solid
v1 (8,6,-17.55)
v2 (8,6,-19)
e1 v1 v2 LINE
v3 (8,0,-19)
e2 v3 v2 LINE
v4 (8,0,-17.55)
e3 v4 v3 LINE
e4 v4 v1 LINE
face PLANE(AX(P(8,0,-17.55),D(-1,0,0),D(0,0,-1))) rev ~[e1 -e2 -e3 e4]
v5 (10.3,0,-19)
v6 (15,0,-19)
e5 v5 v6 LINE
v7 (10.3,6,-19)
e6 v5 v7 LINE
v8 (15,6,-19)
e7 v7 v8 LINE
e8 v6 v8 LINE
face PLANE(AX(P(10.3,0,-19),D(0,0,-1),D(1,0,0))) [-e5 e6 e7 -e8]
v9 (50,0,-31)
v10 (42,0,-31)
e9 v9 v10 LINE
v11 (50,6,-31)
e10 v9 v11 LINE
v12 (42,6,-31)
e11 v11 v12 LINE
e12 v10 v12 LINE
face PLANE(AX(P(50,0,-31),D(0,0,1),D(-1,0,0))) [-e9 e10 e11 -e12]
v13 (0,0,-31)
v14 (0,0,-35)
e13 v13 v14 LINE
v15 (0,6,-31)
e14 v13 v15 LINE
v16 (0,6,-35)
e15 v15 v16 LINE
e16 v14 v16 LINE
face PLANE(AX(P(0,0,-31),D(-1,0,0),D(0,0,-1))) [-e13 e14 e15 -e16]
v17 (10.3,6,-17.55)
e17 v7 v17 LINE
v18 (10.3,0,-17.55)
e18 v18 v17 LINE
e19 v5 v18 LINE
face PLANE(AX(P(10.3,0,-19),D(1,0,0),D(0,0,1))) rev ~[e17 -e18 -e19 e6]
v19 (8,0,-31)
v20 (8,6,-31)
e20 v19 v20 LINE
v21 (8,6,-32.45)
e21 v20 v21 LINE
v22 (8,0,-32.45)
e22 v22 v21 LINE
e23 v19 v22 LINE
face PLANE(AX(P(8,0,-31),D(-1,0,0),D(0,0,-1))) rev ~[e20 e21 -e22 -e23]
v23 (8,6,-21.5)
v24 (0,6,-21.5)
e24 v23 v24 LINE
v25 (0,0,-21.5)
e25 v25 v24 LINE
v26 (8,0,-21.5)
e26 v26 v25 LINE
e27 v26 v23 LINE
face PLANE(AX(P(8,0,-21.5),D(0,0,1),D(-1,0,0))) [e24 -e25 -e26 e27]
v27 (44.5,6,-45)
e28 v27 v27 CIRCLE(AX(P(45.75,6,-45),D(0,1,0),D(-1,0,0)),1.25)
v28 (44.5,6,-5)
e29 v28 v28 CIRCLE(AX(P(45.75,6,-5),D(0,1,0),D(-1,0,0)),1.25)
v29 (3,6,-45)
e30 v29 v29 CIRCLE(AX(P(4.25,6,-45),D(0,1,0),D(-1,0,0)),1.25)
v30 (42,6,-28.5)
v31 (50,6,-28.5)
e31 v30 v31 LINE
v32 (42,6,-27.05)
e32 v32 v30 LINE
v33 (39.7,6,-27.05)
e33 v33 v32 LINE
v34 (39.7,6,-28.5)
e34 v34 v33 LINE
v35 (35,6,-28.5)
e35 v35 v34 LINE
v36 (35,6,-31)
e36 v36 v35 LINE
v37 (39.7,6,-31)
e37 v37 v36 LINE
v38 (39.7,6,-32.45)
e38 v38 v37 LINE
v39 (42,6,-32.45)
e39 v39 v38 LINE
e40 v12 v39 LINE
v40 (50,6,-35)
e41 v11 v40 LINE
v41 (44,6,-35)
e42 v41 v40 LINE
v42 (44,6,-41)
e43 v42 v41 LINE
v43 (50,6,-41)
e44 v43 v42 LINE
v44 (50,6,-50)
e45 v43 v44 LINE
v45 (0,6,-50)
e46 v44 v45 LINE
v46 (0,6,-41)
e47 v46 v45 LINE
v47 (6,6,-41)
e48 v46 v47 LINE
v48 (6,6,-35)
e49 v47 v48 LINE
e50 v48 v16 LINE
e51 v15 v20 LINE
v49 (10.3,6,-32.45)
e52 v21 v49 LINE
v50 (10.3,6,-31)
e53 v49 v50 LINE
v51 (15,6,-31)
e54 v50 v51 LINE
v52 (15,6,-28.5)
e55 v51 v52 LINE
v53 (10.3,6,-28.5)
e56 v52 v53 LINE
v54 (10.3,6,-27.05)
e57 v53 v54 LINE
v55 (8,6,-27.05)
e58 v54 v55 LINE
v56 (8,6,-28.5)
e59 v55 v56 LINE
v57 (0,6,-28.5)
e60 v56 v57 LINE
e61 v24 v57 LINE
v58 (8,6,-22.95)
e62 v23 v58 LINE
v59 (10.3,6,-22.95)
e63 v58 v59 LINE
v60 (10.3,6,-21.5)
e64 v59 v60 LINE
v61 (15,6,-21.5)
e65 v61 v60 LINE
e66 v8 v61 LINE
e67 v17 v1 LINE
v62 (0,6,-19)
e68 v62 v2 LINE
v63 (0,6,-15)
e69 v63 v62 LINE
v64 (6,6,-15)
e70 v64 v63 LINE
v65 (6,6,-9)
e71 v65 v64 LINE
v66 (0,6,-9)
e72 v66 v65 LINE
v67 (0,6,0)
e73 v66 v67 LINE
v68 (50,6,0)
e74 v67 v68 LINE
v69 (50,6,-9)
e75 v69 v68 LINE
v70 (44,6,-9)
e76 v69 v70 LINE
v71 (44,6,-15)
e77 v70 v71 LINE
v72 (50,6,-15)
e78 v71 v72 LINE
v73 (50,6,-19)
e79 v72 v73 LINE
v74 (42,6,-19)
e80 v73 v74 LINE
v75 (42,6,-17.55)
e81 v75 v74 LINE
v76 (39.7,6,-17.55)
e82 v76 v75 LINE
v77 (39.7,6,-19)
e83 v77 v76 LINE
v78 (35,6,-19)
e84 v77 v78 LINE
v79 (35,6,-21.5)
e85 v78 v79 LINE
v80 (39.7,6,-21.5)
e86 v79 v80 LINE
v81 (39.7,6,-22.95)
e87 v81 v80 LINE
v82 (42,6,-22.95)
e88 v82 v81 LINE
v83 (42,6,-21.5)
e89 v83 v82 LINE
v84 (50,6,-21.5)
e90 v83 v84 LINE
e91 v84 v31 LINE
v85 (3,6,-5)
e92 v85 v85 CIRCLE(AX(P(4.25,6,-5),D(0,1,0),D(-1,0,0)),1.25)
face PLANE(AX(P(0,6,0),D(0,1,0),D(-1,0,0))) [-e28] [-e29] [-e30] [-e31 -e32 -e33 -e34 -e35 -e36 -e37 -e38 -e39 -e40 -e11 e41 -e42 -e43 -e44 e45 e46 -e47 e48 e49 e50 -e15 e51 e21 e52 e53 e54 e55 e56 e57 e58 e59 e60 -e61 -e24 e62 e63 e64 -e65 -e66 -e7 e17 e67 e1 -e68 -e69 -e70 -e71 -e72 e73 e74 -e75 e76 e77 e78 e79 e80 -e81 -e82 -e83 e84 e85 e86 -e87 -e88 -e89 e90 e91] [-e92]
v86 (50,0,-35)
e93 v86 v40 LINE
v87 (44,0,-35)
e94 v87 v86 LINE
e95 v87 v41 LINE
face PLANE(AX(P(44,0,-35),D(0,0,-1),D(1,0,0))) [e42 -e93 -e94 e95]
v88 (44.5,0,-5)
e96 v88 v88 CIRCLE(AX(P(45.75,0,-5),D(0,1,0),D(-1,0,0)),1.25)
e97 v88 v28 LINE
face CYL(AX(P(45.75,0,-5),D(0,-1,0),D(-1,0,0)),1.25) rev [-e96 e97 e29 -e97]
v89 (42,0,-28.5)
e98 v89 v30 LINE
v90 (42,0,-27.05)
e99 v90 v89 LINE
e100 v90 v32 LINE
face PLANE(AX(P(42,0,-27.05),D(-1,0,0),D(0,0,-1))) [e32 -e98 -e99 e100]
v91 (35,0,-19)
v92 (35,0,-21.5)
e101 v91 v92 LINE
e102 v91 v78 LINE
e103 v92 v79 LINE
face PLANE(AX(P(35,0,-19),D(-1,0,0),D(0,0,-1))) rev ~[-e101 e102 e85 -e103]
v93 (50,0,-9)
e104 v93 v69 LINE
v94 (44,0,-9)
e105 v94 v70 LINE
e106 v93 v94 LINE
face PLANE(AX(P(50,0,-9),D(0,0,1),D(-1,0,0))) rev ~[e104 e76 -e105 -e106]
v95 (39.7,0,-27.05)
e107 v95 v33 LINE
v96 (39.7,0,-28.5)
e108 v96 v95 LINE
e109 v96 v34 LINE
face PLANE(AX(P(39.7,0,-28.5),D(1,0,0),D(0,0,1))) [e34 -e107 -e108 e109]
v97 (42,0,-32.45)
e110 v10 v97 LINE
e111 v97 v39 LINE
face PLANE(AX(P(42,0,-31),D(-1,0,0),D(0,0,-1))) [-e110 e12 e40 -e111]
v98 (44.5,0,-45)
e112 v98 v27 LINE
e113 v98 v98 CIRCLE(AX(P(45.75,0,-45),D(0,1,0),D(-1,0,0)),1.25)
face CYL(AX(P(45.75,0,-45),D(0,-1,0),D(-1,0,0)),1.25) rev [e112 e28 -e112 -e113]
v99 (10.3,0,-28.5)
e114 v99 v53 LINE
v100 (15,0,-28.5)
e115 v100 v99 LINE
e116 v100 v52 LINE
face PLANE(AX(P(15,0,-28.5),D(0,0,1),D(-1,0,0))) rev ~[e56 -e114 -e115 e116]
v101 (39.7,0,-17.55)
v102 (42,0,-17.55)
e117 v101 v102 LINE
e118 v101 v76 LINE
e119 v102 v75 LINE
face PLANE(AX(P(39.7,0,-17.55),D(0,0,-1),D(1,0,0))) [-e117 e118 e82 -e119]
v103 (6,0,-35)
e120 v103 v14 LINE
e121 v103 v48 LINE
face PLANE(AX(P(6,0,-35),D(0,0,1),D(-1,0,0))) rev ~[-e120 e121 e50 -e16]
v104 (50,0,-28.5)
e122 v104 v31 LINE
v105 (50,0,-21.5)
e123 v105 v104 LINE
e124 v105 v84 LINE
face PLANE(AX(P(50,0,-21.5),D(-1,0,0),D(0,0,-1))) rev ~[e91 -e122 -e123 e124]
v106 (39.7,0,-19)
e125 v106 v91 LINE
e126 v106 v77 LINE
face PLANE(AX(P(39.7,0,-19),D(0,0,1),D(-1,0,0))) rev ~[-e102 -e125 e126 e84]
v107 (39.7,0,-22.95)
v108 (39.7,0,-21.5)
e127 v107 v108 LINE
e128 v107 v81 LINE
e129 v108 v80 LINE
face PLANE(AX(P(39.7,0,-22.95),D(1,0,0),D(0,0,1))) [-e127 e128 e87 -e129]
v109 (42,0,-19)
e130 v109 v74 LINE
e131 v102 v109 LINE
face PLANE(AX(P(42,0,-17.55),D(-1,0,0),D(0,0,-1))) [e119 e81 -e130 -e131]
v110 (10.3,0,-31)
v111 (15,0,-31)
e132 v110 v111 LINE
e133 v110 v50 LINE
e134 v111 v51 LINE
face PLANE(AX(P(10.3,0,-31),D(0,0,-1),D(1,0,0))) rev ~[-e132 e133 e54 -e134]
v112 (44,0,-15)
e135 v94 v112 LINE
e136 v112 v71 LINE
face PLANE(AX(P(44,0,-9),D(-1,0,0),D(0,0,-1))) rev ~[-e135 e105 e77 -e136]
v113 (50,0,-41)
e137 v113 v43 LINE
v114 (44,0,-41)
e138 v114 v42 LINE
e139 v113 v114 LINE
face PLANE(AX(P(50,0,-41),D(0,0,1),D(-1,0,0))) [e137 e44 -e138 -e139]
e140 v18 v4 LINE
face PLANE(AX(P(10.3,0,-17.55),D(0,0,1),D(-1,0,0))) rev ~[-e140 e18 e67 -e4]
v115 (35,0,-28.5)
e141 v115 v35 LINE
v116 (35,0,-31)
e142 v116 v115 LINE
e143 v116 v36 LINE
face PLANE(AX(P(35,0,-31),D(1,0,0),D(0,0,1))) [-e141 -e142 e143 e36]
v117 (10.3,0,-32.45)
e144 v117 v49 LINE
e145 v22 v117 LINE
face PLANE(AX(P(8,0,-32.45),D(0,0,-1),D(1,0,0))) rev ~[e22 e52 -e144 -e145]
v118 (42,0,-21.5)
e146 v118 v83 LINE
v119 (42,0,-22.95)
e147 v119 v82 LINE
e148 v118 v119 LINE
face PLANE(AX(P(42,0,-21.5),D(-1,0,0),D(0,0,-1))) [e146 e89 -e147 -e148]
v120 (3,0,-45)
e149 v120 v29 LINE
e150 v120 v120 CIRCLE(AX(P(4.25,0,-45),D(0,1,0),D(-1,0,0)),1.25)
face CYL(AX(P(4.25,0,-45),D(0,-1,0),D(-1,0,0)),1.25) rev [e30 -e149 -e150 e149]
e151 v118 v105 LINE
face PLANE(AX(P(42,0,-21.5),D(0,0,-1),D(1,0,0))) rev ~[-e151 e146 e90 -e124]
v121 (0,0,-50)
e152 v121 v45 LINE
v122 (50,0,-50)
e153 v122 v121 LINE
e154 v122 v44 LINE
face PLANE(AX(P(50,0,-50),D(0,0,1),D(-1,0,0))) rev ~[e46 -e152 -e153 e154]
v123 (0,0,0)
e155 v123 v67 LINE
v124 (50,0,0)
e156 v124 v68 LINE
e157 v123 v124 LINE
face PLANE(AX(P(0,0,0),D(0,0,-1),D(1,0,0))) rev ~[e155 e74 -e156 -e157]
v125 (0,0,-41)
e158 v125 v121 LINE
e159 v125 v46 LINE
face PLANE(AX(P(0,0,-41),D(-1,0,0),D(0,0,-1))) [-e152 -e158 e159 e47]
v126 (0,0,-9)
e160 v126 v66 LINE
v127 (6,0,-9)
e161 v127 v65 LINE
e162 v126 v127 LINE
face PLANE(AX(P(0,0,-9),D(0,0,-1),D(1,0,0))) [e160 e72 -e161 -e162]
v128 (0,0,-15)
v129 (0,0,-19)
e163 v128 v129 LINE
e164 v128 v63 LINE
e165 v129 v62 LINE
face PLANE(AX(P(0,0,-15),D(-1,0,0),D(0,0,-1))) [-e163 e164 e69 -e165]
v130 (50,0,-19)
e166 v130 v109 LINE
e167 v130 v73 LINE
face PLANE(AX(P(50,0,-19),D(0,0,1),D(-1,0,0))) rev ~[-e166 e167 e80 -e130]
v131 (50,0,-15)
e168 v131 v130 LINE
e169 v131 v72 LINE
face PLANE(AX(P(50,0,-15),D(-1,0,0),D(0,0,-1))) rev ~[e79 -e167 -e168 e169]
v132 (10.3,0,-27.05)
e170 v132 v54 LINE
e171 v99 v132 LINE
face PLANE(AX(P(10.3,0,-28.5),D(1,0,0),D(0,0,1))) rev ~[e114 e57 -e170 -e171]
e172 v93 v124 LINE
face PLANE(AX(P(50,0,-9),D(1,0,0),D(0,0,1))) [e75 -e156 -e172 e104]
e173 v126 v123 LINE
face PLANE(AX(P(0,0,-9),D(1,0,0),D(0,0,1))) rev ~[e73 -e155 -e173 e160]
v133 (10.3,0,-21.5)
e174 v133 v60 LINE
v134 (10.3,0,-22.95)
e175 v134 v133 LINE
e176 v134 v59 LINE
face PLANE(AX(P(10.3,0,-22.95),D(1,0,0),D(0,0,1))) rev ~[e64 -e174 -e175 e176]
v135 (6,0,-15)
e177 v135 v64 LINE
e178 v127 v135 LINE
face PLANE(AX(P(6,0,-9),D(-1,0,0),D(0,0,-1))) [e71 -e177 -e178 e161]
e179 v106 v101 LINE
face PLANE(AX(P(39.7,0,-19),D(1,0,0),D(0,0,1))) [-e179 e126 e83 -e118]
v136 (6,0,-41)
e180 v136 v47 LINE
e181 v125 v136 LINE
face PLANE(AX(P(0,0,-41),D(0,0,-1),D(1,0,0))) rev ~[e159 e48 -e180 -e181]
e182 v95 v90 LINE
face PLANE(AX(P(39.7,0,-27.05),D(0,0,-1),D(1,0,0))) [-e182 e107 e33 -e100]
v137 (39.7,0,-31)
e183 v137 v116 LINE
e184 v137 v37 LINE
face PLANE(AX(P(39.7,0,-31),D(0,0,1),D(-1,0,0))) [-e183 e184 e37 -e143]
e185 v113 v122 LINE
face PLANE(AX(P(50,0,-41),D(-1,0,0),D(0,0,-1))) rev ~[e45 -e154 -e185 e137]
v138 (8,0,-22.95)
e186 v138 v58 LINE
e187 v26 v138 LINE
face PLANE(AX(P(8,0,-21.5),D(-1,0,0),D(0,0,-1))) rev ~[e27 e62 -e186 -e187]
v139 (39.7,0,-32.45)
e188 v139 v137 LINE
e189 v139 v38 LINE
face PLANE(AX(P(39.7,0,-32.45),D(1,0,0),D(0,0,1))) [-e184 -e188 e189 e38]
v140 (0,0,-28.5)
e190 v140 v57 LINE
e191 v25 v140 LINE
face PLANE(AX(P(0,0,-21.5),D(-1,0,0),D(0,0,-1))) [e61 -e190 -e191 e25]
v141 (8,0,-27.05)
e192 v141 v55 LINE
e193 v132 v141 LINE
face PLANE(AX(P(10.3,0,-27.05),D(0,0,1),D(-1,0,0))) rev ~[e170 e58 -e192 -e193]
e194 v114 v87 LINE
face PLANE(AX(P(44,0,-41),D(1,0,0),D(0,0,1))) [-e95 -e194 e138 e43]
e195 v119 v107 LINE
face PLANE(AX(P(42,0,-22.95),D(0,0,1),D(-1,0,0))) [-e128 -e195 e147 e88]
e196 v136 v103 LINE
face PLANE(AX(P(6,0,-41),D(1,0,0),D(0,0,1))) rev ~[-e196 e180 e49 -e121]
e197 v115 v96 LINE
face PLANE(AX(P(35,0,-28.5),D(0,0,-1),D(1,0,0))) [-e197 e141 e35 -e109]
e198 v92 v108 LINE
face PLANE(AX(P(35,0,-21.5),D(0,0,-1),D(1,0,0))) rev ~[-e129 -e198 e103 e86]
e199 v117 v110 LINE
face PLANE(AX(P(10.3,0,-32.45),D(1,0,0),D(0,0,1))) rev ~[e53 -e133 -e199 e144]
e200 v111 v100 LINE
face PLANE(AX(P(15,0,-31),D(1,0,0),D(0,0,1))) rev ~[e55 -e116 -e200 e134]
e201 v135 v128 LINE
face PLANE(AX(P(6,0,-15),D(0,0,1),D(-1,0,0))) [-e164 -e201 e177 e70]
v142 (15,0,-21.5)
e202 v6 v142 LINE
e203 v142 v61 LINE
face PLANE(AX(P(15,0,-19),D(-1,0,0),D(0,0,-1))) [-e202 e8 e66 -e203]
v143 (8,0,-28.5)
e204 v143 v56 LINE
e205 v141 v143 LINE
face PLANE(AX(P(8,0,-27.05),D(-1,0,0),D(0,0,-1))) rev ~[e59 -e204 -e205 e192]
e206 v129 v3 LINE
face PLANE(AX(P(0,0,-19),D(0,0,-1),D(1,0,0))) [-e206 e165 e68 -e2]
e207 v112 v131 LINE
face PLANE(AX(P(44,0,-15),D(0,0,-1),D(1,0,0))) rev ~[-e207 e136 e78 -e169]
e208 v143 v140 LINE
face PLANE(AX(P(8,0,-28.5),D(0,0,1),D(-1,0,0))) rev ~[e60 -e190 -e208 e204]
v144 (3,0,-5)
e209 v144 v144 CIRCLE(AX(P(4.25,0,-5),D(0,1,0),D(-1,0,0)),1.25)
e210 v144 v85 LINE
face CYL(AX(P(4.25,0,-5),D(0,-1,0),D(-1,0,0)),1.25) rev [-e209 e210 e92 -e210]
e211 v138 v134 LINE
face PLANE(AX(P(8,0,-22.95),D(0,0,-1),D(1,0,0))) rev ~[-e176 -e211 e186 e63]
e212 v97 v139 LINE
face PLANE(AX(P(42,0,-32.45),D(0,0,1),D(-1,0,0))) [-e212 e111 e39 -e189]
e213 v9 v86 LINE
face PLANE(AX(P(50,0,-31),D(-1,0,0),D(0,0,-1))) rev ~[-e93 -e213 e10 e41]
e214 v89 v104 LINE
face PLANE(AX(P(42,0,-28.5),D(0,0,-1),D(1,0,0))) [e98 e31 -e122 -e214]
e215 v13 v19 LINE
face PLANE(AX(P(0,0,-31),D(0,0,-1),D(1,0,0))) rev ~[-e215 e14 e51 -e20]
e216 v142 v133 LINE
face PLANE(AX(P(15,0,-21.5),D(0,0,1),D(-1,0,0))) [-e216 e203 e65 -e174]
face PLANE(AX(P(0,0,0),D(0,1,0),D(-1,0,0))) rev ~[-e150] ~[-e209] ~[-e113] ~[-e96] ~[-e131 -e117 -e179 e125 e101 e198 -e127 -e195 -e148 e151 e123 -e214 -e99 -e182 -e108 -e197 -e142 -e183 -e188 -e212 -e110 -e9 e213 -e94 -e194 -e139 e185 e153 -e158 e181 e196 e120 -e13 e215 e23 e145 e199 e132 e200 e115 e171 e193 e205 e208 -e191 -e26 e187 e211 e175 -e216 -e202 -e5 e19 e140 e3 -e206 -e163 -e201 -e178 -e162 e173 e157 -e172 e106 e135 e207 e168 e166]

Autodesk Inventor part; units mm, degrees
ref_plane "YZ Plane" through (0, 0, 0) normal (1, 0, 0) x (0, 1, 0)
ref_plane "XZ Plane" through (0, 0, 0) normal (0, 1, 0) x (-1, 0, 0)
ref_plane "XY Plane" through (0, 0, 0) normal (0, 0, 1) x (1, 0, 0)
sketch "Sketch1" plane through (0, 0, 0) normal (0, 1, 0) x (-1, 0, 0)
  line L0 (0, 0) -> (-50, 0)
  line L1 (-50, -50) -> (0, -50)
  line L2 (-50, -41) -> (-44, -41)
  line L3 (-44, -41) -> (-44, -35)
  line L4 (-44, -35) -> (-50, -35)
  line L5 (-50, -35) -> (-50, -41) construction
  line L6 (-50, -9) -> (-44, -9)
  line L7 (-44, -9) -> (-44, -15)
  line L8 (-44, -15) -> (-50, -15)
  line L9 (-50, -15) -> (-50, -9) construction
  line L10 (-25, 0) -> (-25, -50) construction
  line L11 (-50, -9) -> (-50, 0)
  line L12 (-50, -15) -> (-50, -19)
  line L13 (-50, -41) -> (-50, -50)
  circle A0 centre (-45.75, -5) radius 1.25
  circle A1 centre (-45.75, -45) radius 1.25
  line L14 (-50, -31) -> (-42, -31)
  line L15 (-35, -31) -> (-35, -28.5)
  line L16 (-35, -28.5) -> (-39.7, -28.5)
  line L17 (-50, -19) -> (-42, -19)
  line L18 (-35, -19) -> (-35, -21.5)
  line L19 (-35, -21.5) -> (-39.7, -21.5)
  line L20 (-50, -31) -> (-50, -35)
  line L21 (-50, -28.5) -> (-50, -31) construction
  line L22 (-50, -21.5) -> (-50, -28.5)
  line L23 (-50, -19) -> (-50, -21.5) construction
  line L24 (-42, -32.45) -> (-39.7, -32.45)
  line L25 (-39.7, -32.45) -> (-39.7, -31)
  line L26 (-39.7, -27.05) -> (-42, -27.05)
  line L27 (-42, -27.05) -> (-42, -28.5)
  line L28 (-42, -31) -> (-42, -32.45)
  line L29 (-42, -28.5) -> (-42, -31) construction
  line L30 (-42, -22.95) -> (-39.7, -22.95)
  line L31 (-39.7, -22.95) -> (-39.7, -21.5)
  line L32 (-39.7, -17.55) -> (-42, -17.55)
  line L33 (-42, -17.55) -> (-42, -19)
  line L34 (-42, -21.5) -> (-42, -22.95)
  line L35 (-42, -19) -> (-42, -21.5) construction
  line L36 (-39.7, -28.5) -> (-39.7, -27.05)
  line L37 (-39.7, -31) -> (-39.7, -28.5) construction
  line L38 (-39.7, -21.5) -> (-39.7, -19) construction
  line L39 (-39.7, -19) -> (-39.7, -17.55)
  line L40 (-42, -31) -> (-39.7, -31) construction
  line L41 (-39.7, -31) -> (-35, -31)
  line L42 (-42, -28.5) -> (-50, -28.5)
  line L43 (-39.7, -28.5) -> (-42, -28.5) construction
  line L44 (-42, -21.5) -> (-50, -21.5)
  line L45 (-39.7, -21.5) -> (-42, -21.5) construction
  line L46 (-42, -19) -> (-39.7, -19) construction
  line L47 (-39.7, -19) -> (-35, -19)
  line L48 (0, -41) -> (-6, -41)
  line L49 (-6, -41) -> (-6, -35)
  line L50 (-6, -35) -> (0, -35)
  line L51 (0, -35) -> (0, -41) construction
  line L52 (0, -9) -> (-6, -9)
  line L53 (-6, -9) -> (-6, -15)
  line L54 (-6, -15) -> (0, -15)
  line L55 (0, -15) -> (0, -9) construction
  line L56 (0, -9) -> (0, 0)
  line L57 (0, -15) -> (0, -19)
  line L58 (0, -41) -> (0, -50)
  circle A2 centre (-4.25, -5) radius 1.25
  circle A3 centre (-4.25, -45) radius 1.25
  line L59 (0, -31) -> (-8, -31)
  line L60 (-15, -31) -> (-15, -28.5)
  line L61 (-15, -28.5) -> (-10.3, -28.5)
  line L62 (0, -19) -> (-8, -19)
  line L63 (-15, -19) -> (-15, -21.5)
  line L64 (-15, -21.5) -> (-10.3, -21.5)
  line L65 (0, -31) -> (0, -35)
  line L66 (0, -28.5) -> (0, -31) construction
  line L67 (0, -21.5) -> (0, -28.5)
  line L68 (0, -19) -> (0, -21.5) construction
  line L69 (-8, -32.45) -> (-10.3, -32.45)
  line L70 (-10.3, -32.45) -> (-10.3, -31)
  line L71 (-10.3, -27.05) -> (-8, -27.05)
  line L72 (-8, -27.05) -> (-8, -28.5)
  line L73 (-8, -31) -> (-8, -32.45)
  line L74 (-8, -28.5) -> (-8, -31) construction
  line L75 (-8, -22.95) -> (-10.3, -22.95)
  line L76 (-10.3, -22.95) -> (-10.3, -21.5)
  line L77 (-10.3, -17.55) -> (-8, -17.55)
  line L78 (-8, -17.55) -> (-8, -19)
  line L79 (-8, -21.5) -> (-8, -22.95)
  line L80 (-8, -19) -> (-8, -21.5) construction
  line L81 (-10.3, -28.5) -> (-10.3, -27.05)
  line L82 (-10.3, -31) -> (-10.3, -28.5) construction
  line L83 (-10.3, -21.5) -> (-10.3, -19) construction
  line L84 (-10.3, -19) -> (-10.3, -17.55)
  line L85 (-8, -31) -> (-10.3, -31) construction
  line L86 (-10.3, -31) -> (-15, -31)
  line L87 (-8, -28.5) -> (0, -28.5)
  line L88 (-10.3, -28.5) -> (-8, -28.5) construction
  line L89 (-8, -21.5) -> (0, -21.5)
  line L90 (-10.3, -21.5) -> (-8, -21.5) construction
  line L91 (-8, -19) -> (-10.3, -19) construction
  line L92 (-10.3, -19) -> (-15, -19)
  dimension "d0" = 50
  dimension "d1" = 50
  dimension "d20" = 6
  dimension "d21" = 6
  dimension "d22" = 6
  dimension "d26" = 20
  dimension "d27" = 2.5
  dimension "d28" = 4.25
  dimension "d30" = 2.5
  dimension "d31" = 4.25
  dimension "d32" = 4
  dimension "d33" = 15
  dimension "d34" = 2.5
  dimension "d35" = 15
  dimension "d36" = 2.5
  dimension "d37" = 4
  dimension "d38" = 5.4
  dimension "d39" = 2.3
  dimension "d40" = 8
  dimension "d41" = 2.3
  dimension "d42" = 5.4
  dimension "d43" = 8
  dimension "d44" = 4
extrude "Extrusion2" add sketch "Sketch1" along normal blind 6
equation "\"d22\" = d21"
equation "\"d30\" = d27"
equation "\"d31\" = d28"
equation "\"d32\" = d44"
equation "\"d33\" = d35"
equation "\"d34\" = d27"
equation "\"d36\" = d27"
equation "\"d43\" = d40"
properties part number "wall-front"
